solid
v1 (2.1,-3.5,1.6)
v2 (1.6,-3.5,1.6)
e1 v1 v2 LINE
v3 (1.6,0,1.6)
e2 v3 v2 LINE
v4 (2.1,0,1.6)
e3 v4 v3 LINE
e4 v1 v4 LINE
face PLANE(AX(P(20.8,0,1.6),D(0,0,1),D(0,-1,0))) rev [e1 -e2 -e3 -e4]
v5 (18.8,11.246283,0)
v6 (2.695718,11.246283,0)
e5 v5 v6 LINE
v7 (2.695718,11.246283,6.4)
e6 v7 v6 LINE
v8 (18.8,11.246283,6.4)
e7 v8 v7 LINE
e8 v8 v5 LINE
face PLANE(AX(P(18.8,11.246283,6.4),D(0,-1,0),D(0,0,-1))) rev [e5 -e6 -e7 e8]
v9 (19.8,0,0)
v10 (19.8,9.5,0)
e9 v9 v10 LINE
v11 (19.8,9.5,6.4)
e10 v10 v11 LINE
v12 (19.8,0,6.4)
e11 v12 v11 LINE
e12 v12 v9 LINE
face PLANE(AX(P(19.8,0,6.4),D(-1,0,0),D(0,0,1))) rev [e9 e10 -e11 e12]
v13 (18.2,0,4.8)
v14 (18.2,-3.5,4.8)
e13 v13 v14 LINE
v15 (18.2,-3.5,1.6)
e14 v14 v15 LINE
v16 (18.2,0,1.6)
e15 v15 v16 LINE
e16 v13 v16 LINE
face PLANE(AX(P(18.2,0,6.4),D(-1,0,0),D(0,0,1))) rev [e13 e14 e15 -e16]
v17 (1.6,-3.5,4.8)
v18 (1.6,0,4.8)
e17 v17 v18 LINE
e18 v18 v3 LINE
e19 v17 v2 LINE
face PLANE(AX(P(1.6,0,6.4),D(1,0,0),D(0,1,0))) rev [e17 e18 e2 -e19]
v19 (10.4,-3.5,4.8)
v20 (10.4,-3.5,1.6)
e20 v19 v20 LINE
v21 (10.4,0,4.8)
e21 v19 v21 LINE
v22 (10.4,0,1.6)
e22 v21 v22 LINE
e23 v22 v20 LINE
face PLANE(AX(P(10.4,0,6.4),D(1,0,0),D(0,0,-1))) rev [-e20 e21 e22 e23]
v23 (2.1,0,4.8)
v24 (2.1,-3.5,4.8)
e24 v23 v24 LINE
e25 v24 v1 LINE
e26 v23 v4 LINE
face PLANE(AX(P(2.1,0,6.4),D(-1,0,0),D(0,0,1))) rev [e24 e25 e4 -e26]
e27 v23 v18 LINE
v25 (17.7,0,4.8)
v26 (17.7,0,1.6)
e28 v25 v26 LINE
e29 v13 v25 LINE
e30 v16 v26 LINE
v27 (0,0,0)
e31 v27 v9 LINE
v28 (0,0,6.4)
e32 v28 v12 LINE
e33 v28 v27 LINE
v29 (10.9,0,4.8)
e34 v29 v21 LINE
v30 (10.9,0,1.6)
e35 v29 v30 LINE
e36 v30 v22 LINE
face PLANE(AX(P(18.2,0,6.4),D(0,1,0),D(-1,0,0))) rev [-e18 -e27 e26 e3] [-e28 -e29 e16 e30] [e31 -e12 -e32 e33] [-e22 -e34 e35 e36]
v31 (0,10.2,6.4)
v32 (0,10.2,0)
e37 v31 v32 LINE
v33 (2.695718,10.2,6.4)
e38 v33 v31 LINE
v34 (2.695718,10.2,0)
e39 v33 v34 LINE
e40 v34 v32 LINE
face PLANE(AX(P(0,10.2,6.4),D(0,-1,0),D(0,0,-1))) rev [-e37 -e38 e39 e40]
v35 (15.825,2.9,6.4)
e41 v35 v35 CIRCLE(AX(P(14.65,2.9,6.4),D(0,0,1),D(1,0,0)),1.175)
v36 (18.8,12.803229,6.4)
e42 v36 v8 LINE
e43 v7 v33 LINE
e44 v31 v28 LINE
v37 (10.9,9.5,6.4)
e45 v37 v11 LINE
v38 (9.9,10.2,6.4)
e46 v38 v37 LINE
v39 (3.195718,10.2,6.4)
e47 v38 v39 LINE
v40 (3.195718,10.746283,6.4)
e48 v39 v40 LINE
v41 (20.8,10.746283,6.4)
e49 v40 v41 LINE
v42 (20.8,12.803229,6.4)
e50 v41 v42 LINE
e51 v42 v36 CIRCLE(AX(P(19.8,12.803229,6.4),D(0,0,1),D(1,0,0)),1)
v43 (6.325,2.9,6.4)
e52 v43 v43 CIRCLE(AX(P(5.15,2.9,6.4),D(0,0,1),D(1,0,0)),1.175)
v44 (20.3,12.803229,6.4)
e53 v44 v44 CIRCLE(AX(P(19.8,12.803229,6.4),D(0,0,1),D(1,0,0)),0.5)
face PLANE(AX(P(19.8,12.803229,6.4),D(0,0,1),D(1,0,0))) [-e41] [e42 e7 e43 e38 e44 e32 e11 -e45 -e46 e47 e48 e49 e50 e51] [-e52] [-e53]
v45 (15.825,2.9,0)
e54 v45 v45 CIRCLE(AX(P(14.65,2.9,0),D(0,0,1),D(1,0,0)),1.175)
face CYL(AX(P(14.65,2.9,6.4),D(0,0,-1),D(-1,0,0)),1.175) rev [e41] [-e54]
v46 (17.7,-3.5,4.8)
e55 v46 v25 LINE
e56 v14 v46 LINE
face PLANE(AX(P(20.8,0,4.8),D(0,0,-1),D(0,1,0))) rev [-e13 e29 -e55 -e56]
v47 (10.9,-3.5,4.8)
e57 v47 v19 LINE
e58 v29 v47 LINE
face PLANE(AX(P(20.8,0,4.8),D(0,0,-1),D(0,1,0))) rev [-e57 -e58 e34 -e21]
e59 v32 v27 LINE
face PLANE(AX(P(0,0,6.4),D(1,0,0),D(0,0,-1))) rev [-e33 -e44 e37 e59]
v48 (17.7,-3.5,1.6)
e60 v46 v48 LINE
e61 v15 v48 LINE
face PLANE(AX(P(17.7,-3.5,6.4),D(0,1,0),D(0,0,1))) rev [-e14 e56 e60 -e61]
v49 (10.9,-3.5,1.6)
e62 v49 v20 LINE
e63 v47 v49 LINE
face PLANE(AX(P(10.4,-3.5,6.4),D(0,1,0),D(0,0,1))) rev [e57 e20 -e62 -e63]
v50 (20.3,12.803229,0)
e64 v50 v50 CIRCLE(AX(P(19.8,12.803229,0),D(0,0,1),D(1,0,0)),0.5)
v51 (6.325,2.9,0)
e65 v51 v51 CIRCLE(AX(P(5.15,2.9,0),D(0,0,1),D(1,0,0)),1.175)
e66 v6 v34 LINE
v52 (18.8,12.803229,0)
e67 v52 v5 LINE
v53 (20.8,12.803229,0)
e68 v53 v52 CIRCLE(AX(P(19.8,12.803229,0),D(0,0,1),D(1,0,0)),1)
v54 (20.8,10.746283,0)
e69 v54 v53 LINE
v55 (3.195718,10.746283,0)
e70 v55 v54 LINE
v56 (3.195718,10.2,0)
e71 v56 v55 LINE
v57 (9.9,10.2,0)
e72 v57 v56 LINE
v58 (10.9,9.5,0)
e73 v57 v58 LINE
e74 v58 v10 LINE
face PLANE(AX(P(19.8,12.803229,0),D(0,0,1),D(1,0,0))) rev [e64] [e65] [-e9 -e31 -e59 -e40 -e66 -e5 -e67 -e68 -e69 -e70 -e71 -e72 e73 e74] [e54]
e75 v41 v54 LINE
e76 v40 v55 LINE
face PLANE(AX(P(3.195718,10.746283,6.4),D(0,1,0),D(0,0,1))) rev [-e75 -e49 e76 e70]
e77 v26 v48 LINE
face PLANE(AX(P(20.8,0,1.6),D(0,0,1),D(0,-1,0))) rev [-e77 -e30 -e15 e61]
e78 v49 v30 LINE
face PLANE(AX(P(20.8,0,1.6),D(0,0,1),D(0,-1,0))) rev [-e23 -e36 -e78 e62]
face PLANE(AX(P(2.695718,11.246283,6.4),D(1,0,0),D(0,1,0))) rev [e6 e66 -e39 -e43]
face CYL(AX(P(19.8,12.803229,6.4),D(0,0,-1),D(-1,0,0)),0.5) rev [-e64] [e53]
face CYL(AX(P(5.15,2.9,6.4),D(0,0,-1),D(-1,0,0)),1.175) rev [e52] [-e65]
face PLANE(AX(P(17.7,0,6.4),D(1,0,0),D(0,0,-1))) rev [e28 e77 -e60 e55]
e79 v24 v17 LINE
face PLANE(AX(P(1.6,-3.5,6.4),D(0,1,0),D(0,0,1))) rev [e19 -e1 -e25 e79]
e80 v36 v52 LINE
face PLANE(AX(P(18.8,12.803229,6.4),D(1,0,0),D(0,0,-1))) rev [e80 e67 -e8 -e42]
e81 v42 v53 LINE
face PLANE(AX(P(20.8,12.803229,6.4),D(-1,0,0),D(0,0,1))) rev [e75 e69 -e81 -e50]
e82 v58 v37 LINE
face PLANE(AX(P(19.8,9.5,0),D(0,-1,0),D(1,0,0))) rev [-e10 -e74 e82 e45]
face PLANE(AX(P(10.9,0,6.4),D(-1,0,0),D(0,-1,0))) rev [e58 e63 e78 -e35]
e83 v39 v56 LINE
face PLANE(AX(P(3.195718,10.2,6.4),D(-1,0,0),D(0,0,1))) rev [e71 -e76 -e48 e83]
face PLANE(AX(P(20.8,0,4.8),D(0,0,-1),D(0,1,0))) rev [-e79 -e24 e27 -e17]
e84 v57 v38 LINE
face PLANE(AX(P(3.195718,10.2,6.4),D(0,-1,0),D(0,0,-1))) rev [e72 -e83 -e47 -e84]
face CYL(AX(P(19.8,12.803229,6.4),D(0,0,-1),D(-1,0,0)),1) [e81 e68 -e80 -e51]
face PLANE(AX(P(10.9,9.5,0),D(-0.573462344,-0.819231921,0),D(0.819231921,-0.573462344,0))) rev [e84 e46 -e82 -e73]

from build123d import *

# Parameters (mm, degrees)
SKETCH1_R           = 1.175
SKETCH1_R_2         = 0.5
BOSS_EXTRUDE1_DEPTH = 6.4
SKETCH2_W           = 1.6
SKETCH2_H           = 3.5
CUT_EXTRUDE1_DEPTH  = 21.8
CUT_EXTRUDE2_DEPTH  = 7.4


with BuildPart() as part:
    # Sketch1 → Boss-Extrude1 (new body)
    with BuildSketch(Plane.XY):
        with BuildLine():
            Line((2.1, 0), (10.4, 0))
            Line((10.4, 0), (10.4, -3.5))
            Line((10.4, -3.5), (10.9, -3.5))
            Line((10.9, -3.5), (10.9, 0))
            Line((10.9, 0), (17.7, 0))
            Line((17.7, 0), (17.7, -3.5))
            Line((17.7, -3.5), (18.2, -3.5))
            Line((18.2, -3.5), (18.2, 0))
            Line((18.2, 0), (19.8, 0))
            Line((19.8, 0), (19.8, 10.2))
            Line((19.8, 10.2), (3.195717589, 10.2))
            Line((3.195717589, 10.2), (3.195717589, 10.746282688))
            Line((3.195717589, 10.746282688), (20.8, 10.746282688))
            Line((20.8, 10.746282688), (20.8, 12.80322859))
            ThreePointArc((20.8, 12.80322859), (19.8, 13.80322859), (18.8, 12.80322859))
            Line((18.8, 12.80322859), (18.8, 11.246282688))
            Line((18.8, 11.246282688), (2.695717589, 11.246282688))
            Line((2.695717589, 11.246282688), (2.695717589, 10.2))
            Line((2.695717589, 10.2), (0, 10.2))
            Line((0, 10.2), (0, 0))
            Line((0, 0), (1.6, 0))
            Line((1.6, 0), (1.6, -3.5))
            Line((1.6, -3.5), (2.1, -3.5))
            Line((2.1, -3.5), (2.1, 0))
        make_face()
        with Locations((5.15, 2.9)):
            Circle(SKETCH1_R, mode=Mode.SUBTRACT)
        with Locations((14.65, 2.9)):
            Circle(SKETCH1_R, mode=Mode.SUBTRACT)
        with Locations((19.8, 12.80322859)):
            Circle(SKETCH1_R_2, mode=Mode.SUBTRACT)
    extrude(amount=BOSS_EXTRUDE1_DEPTH)

    # Sketch2 → Cut-Extrude1 (cut, through all)
    with BuildSketch(Plane.ZY):
        with Locations((0.8, -1.75)):
            Rectangle(SKETCH2_W, SKETCH2_H)
        with Locations((5.6, -1.75)):
            Rectangle(SKETCH2_W, SKETCH2_H)
    extrude(amount=-CUT_EXTRUDE1_DEPTH, mode=Mode.SUBTRACT)

    # Sketch3 → Cut-Extrude2 (cut, through all)
    with BuildSketch(Plane.XY.offset(6.4)):
        Polygon((19.8, 9.5), (10.9, 9.5), (9.9, 10.2), (19.8, 10.2), align=None)
    extrude(amount=-CUT_EXTRUDE2_DEPTH, mode=Mode.SUBTRACT)


solid = part.part
